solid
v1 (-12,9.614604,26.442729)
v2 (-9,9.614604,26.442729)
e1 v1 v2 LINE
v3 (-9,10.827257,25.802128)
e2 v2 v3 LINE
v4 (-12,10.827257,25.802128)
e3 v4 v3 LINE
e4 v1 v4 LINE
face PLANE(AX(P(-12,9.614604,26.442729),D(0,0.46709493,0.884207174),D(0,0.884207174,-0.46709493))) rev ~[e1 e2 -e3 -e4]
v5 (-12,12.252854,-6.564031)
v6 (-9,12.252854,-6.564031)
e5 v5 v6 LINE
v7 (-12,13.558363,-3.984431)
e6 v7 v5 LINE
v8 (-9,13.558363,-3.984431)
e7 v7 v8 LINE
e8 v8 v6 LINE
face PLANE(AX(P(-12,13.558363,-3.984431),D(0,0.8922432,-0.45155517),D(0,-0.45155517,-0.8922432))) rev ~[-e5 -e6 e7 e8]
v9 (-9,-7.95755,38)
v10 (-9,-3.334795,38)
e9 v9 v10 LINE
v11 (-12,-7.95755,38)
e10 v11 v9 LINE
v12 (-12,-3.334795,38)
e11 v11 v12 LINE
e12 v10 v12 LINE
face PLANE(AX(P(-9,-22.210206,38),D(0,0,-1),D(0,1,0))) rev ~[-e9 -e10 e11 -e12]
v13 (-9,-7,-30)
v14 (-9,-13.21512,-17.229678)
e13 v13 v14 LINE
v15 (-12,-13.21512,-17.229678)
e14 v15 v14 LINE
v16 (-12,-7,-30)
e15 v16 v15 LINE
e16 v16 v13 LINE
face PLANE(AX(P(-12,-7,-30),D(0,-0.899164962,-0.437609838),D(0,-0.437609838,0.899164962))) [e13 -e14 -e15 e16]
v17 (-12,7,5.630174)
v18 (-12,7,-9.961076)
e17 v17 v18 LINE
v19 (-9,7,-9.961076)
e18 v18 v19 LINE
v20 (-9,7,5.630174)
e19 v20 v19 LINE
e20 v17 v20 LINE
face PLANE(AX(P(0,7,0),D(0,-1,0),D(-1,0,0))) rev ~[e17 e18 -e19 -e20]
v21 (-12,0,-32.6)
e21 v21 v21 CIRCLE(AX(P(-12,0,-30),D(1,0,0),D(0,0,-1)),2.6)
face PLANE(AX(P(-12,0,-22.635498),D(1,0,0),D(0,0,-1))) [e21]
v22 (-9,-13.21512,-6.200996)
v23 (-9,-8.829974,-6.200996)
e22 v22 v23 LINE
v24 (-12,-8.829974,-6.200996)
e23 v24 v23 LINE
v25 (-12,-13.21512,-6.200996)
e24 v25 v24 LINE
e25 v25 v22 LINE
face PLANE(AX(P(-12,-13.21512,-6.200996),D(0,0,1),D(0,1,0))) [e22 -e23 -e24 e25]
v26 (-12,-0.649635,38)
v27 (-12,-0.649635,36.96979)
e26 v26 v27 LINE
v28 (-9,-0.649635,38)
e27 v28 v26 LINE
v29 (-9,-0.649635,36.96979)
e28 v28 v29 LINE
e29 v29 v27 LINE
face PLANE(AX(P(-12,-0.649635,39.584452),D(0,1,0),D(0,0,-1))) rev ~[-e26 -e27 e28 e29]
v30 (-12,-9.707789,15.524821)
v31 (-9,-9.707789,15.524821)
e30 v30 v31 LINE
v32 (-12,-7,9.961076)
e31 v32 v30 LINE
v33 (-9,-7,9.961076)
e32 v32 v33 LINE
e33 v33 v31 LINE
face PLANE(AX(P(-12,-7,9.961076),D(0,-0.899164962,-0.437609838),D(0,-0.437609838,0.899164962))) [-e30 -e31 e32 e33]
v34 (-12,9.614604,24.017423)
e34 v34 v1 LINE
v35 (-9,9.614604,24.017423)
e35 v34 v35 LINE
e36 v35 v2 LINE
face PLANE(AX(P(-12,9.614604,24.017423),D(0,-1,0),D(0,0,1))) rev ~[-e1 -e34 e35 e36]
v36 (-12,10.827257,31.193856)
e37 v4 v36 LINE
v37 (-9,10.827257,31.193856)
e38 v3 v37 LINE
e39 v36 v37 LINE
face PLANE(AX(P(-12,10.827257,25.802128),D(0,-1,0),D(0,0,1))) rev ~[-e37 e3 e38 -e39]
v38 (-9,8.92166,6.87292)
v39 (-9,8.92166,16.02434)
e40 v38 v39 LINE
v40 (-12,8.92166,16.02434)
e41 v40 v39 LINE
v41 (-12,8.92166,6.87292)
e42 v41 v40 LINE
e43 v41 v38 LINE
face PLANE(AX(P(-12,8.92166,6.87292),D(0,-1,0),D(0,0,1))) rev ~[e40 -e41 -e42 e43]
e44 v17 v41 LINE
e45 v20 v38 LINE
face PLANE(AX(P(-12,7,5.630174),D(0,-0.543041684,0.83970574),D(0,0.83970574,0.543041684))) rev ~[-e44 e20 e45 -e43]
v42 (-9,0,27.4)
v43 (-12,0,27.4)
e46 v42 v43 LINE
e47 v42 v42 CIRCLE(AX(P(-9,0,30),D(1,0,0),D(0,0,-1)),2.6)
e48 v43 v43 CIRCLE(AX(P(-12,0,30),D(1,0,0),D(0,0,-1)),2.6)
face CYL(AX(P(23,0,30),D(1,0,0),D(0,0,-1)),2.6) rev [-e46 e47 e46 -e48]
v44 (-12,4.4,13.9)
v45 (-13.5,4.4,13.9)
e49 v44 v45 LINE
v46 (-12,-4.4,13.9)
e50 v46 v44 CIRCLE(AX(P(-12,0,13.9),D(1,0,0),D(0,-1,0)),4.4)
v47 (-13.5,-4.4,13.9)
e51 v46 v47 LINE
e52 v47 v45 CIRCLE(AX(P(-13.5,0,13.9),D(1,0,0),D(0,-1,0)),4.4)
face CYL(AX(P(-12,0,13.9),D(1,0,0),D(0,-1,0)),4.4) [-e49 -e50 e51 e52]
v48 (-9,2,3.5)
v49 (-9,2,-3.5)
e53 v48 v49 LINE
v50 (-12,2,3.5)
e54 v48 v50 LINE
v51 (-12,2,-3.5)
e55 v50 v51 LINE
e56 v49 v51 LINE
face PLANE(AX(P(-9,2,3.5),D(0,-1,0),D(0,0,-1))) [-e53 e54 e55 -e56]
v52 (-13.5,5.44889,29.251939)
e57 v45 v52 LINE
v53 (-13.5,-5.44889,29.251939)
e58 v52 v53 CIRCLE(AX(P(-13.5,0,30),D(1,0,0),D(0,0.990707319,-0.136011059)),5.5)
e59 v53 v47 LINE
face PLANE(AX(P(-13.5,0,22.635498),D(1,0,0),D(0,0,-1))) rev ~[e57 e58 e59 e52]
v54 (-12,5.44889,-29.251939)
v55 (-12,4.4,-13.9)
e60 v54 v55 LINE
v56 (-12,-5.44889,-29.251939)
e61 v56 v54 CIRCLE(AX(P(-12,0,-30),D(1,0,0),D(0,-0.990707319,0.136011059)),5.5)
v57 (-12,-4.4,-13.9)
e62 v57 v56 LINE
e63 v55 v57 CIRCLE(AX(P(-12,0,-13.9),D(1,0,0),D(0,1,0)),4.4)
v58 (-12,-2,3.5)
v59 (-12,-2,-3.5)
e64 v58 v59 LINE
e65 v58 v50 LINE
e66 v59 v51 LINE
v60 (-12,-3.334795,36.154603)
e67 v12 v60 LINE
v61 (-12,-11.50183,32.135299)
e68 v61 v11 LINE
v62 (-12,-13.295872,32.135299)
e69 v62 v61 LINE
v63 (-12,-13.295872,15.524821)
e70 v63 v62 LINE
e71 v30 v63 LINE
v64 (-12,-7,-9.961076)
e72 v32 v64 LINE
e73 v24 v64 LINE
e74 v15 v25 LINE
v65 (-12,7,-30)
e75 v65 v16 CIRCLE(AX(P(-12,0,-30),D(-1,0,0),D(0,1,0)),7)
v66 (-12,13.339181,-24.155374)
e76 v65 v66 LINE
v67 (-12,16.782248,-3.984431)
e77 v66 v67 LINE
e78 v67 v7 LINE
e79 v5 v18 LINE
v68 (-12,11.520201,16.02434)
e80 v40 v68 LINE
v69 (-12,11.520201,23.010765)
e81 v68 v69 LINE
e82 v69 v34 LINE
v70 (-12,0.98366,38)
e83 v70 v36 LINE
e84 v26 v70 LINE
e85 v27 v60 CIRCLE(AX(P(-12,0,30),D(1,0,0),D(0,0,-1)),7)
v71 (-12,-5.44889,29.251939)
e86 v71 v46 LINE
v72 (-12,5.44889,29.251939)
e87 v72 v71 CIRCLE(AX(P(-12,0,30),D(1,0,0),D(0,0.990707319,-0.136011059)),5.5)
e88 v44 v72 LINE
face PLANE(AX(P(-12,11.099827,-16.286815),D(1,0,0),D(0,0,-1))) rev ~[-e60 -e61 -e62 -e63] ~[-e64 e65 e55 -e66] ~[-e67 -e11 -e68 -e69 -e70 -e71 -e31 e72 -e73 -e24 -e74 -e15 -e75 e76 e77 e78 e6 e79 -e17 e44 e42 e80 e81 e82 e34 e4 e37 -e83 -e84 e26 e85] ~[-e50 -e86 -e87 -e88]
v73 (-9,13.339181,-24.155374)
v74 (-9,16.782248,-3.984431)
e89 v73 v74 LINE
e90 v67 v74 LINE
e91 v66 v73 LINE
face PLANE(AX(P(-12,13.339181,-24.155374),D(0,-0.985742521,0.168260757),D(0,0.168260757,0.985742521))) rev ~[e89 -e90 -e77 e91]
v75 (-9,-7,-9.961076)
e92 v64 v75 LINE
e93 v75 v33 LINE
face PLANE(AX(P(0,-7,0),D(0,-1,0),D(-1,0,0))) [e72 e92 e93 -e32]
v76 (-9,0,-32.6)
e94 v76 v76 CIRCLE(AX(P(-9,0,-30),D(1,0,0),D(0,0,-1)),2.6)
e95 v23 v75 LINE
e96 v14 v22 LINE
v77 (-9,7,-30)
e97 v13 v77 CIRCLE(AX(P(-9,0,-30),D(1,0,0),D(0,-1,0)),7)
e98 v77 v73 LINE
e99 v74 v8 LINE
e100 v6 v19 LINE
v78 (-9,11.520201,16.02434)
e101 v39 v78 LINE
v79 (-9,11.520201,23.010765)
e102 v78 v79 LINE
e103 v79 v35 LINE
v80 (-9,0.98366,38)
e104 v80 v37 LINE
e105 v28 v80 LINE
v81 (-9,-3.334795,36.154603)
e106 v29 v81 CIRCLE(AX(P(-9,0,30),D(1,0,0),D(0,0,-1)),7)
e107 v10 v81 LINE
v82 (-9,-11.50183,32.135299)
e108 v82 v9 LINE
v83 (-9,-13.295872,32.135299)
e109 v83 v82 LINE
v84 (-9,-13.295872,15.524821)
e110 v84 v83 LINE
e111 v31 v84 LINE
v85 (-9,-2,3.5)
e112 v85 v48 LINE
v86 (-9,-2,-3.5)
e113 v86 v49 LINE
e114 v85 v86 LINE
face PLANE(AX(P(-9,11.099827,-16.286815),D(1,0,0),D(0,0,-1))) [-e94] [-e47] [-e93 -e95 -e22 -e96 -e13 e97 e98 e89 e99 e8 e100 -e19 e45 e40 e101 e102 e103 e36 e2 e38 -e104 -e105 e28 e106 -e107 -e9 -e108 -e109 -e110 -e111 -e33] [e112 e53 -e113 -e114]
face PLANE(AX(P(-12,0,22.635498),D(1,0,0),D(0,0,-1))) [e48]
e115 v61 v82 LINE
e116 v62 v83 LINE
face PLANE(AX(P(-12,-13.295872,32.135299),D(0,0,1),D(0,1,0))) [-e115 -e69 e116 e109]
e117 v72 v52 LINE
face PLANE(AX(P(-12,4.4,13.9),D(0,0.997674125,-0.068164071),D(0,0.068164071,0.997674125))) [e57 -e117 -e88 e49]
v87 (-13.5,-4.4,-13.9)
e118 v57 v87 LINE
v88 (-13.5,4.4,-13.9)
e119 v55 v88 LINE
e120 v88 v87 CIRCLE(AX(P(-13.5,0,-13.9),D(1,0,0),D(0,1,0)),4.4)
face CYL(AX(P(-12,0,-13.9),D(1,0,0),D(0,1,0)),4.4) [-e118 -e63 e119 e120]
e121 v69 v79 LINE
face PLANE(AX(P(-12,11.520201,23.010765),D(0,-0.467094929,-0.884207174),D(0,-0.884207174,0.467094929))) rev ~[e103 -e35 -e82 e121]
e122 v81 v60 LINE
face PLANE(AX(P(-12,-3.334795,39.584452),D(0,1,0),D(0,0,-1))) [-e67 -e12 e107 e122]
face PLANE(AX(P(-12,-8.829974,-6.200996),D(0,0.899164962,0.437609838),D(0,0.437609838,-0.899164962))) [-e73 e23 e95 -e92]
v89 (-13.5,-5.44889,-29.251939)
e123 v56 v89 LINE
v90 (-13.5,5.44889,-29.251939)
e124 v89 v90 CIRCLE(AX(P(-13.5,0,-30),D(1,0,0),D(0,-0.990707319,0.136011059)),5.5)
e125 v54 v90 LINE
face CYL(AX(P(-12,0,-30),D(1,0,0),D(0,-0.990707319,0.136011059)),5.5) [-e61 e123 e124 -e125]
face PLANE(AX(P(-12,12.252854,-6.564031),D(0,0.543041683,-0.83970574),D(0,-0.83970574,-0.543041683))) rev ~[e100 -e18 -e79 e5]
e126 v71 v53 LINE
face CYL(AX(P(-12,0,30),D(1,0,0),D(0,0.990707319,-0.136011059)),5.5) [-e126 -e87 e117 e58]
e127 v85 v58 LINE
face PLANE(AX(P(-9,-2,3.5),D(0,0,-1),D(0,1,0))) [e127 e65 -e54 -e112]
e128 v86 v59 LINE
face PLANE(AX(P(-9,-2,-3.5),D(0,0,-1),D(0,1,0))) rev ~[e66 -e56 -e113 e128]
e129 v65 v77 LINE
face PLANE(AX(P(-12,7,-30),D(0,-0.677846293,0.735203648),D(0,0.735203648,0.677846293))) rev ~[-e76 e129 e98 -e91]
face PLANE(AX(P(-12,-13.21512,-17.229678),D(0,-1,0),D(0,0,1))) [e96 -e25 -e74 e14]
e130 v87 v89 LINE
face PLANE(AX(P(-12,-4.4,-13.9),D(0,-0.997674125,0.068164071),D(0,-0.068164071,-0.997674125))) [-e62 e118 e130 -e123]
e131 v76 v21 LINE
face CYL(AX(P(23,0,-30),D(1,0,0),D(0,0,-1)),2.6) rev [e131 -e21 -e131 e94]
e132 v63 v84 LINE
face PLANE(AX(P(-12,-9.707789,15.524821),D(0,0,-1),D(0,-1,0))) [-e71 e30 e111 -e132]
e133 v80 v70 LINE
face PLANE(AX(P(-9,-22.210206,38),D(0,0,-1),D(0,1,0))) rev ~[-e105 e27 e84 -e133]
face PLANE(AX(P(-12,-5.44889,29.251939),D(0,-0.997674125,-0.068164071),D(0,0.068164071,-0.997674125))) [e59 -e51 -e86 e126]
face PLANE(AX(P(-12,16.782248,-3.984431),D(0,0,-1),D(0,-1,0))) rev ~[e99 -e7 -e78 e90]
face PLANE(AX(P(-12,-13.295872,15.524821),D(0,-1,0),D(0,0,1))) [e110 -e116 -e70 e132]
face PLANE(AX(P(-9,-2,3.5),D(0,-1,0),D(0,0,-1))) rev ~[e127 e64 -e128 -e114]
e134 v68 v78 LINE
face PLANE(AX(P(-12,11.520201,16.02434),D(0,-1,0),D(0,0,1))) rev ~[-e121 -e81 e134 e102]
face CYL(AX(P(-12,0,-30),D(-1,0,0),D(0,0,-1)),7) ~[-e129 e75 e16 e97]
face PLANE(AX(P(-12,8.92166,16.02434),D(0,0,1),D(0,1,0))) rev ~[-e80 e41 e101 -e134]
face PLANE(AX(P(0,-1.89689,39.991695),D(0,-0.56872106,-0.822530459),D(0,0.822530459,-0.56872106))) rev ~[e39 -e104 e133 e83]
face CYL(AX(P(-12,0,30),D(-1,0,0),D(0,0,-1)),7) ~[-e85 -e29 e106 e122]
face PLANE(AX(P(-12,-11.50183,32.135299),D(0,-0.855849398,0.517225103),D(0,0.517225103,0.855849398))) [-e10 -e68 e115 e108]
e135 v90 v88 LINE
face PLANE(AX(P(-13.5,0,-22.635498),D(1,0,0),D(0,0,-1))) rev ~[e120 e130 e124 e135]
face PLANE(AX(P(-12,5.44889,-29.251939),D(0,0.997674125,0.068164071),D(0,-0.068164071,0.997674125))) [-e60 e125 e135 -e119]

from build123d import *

# Parameters (mm, degrees)
BOSS_EXTRUDE1_DEPTH      = 7
BOSS_EXTRUDE1_DEPTH_BACK = 7
SKETCH3_R                = 7
BOSS_EXTRUDE2_DEPTH      = 3
CUT_EXTRUDE1_DEPTH       = 23
CUT_EXTRUDE1_DEPTH_BACK  = 23
SKETCH4_R                = 2.6
BOSS_EXTRUDE3_DEPTH      = 3
CUT_EXTRUDE2_DEPTH       = 20
CUT_EXTRUDE2_DEPTH_BACK  = 30
SKETCH6_W                = 36.146068324
SKETCH6_H                = 79.881394618
SKETCH7_W                = 6
SKETCH7_H                = 2
BOSS_EXTRUDE4_DEPTH      = 25
SKETCH8_R                = 1.5
CUT_EXTRUDE3_DEPTH       = 23
SKETCH9_W                = 6
SKETCH9_H                = 2
BOSS_EXTRUDE5_DEPTH      = 11
SKETCH10_W               = 10.612588882
SKETCH10_H               = 43.057143259
CUT_EXTRUDE4_DEPTH       = 10
CUT_EXTRUDE5_DEPTH       = 22
BOSS_EXTRUDE6_DEPTH      = 1.5
SKETCH17_W               = 50
SKETCH17_H               = 12
CUT_EXTRUDE7_DEPTH       = 22
SKETCH18_W               = 7
SKETCH18_H               = 4
CUT_EXTRUDE8_DEPTH       = 22


with BuildPart() as part:
    # Sketch2 → Boss-Extrude1 (new, two sides: drawn at the far end of the back side and taken through both)
    with BuildSketch(Plane(origin=(0, 0, 0), x_dir=(1, 0, 0), z_dir=(0, 1, 0)).offset(-BOSS_EXTRUDE1_DEPTH_BACK)):
        Polygon((12, 30), (12, -30), (9, -30), (9, -1.5), (-9, -1.5), (-9, -30), (-12, -30), (-12, 30), (-9, 30), (-9, 1.5), (9, 1.5), (9, 30), align=None)
    extrude(amount=BOSS_EXTRUDE1_DEPTH + BOSS_EXTRUDE1_DEPTH_BACK)

    # Sketch3 → Boss-Extrude2 (add)
    with BuildSketch(Plane(origin=(12, 0, 0), x_dir=(0, 0, -1), z_dir=(1, 0, 0))):
        with Locations((-30, 0)):
            Circle(SKETCH3_R)
        with Locations((30, 0)):
            Circle(SKETCH3_R)
    boss_extrude2 = extrude(amount=-BOSS_EXTRUDE2_DEPTH)

    # Mirror1: Boss-Extrude2 across plane
    add(boss_extrude2.mirror(Plane.ZY))

    # Sketch4 → Cut-Extrude1 (cut, two sides: drawn at the far end of the back side and taken through both)
    with BuildSketch(Plane.ZY.offset(-CUT_EXTRUDE1_DEPTH_BACK)):
        with Locations((-30, 0)):
            Circle(SKETCH4_R)
        with Locations((30, 0)):
            Circle(SKETCH4_R)
    extrude(amount=CUT_EXTRUDE1_DEPTH + CUT_EXTRUDE1_DEPTH_BACK, mode=Mode.SUBTRACT)

    # Sketch5 → Boss-Extrude3 (add)
    with BuildSketch(Plane.ZY.offset(12)):
        Polygon((-30, 7), (-24.155374342, 13.339180653), (-3.984430585, 16.782248387), (-3.984430585, 13.558363221), (-6.564031008, 12.252853794), (-9.961076462, 7), align=None)
        Polygon((5.630173652, 7), (6.872920148, 8.921659787), (16.024340395, 8.921659787), (16.024340395, 11.520201473), (23.010764714, 11.520201473), (24.017423371, 9.614604237), (26.442728945, 9.614604237), (25.802127981, 10.827257024), (33.625376893, 10.827257024), (39.584451678, 2.208760433), (39.584451678, -0.649635421), (35.450408088, -0.649635421), (35.450408088, 3.248177107), (30.561687085, 6.409736158), (5.630173652, 6.409736158), align=None)
        Polygon((-30, -7), (-17.229678236, -13.21512033), (-6.200995871, -13.21512033), (-6.200995871, -8.829973728), (-9.961076462, -7), align=None)
        Polygon((9.961076462, -7), (15.524820582, -9.707789187), (15.524820582, -13.295871625), (32.135298846, -13.295871625), (32.135298846, -11.501830406), (39.584451678, -7), (39.584451678, -3.334795163), (35.450408088, -3.334795163), (31.744983073, -5.574136385), (9.961076462, -5.574136385), align=None)
    boss_extrude3 = extrude(amount=-BOSS_EXTRUDE3_DEPTH)

    # Mirror2: Boss-Extrude3 across plane
    add(boss_extrude3.mirror(Plane.ZY))

    # Sketch6 → Cut-Extrude2 (cut, two sides: drawn at the far end of the back side and taken through both)
    with BuildSketch(Plane(origin=(0, 7, 0), x_dir=(1, 0, 0), z_dir=(0, 1, 0)).offset(-CUT_EXTRUDE2_DEPTH_BACK)):
        with Locations((9.073034162, -2.940697309)):
            Rectangle(SKETCH6_W, SKETCH6_H)
    extrude(amount=CUT_EXTRUDE2_DEPTH + CUT_EXTRUDE2_DEPTH_BACK, mode=Mode.SUBTRACT)

    # Sketch7 → Boss-Extrude4 (add)
    with BuildSketch(Plane(origin=(-9, 0, 0), x_dir=(0, 0, -1), z_dir=(1, 0, 0))):
        Rectangle(SKETCH7_W, SKETCH7_H)
    extrude(amount=BOSS_EXTRUDE4_DEPTH)

    # Sketch8 → Cut-Extrude3 (cut)
    with BuildSketch(Plane(origin=(0, 1, 0), x_dir=(1, 0, 0), z_dir=(0, 1, 0))):
        with Locations((13, 0)):
            Circle(SKETCH8_R)
        with Locations((5, 0)):
            Circle(SKETCH8_R)
    extrude(amount=-CUT_EXTRUDE3_DEPTH, mode=Mode.SUBTRACT)

    # Sketch9 → Boss-Extrude5 (add)
    with BuildSketch(Plane(origin=(-9, 0, 0), x_dir=(0, 0, -1), z_dir=(1, 0, 0))):
        with Locations((0, -2)):
            Rectangle(SKETCH9_W, SKETCH9_H)
    extrude(amount=BOSS_EXTRUDE5_DEPTH)

    # Sketch10 → Cut-Extrude4 (cut)
    with BuildSketch(Plane(origin=(-9, 0, 0), x_dir=(0, 0, -1), z_dir=(1, 0, 0))):
        with Locations((-43.306294441, -0.681634791)):
            Rectangle(SKETCH10_W, SKETCH10_H)
    extrude(amount=-CUT_EXTRUDE4_DEPTH, mode=Mode.SUBTRACT)

    # Sketch11 → Cut-Extrude5 (cut)
    with BuildSketch(Plane.ZY):
        Polygon((39.991694919, -1.896890181), (29.115063305, 13.833775376), (39.991694919, 13.833775376), align=None)
    extrude(amount=CUT_EXTRUDE5_DEPTH, mode=Mode.SUBTRACT)

    # Sketch12 → Boss-Extrude6 (add)
    with BuildSketch(Plane.ZY.offset(12)):
        with BuildLine():
            Line((-29.251939175, 5.448890254), (-13.9, 4.4))
            ThreePointArc((-13.9, 4.4), (-9.5, 0), (-13.9, -4.4))
            Line((-13.9, -4.4), (-29.251939175, -5.448890254))
            ThreePointArc((-29.251939175, -5.448890254), (-35.5, 0), (-29.251939175, 5.448890254))
        make_face()
        with BuildLine():
            Line((29.251939175, -5.448890254), (13.9, -4.4))
            ThreePointArc((13.9, -4.4), (9.5, 0), (13.9, 4.4))
            Line((13.9, 4.4), (29.251939175, 5.448890254))
            ThreePointArc((29.251939175, 5.448890254), (35.5, 0), (29.251939175, -5.448890254))
        make_face()
    extrude(amount=BOSS_EXTRUDE6_DEPTH)

    # Sketch17 → Cut-Extrude7 (cut)
    with BuildSketch(Plane(origin=(0, 1, 0), x_dir=(1, 0, 0), z_dir=(0, 1, 0))):
        with Locations((16, 3)):
            Rectangle(SKETCH17_W, SKETCH17_H)
    extrude(amount=-CUT_EXTRUDE7_DEPTH, mode=Mode.SUBTRACT)

    # Sketch18 → Cut-Extrude8 (cut)
    with BuildSketch(Plane(origin=(-9, 0, 0), x_dir=(0, 0, -1), z_dir=(1, 0, 0))):
        Rectangle(SKETCH18_W, SKETCH18_H)
    extrude(amount=-CUT_EXTRUDE8_DEPTH, mode=Mode.SUBTRACT)


solid = part.part
